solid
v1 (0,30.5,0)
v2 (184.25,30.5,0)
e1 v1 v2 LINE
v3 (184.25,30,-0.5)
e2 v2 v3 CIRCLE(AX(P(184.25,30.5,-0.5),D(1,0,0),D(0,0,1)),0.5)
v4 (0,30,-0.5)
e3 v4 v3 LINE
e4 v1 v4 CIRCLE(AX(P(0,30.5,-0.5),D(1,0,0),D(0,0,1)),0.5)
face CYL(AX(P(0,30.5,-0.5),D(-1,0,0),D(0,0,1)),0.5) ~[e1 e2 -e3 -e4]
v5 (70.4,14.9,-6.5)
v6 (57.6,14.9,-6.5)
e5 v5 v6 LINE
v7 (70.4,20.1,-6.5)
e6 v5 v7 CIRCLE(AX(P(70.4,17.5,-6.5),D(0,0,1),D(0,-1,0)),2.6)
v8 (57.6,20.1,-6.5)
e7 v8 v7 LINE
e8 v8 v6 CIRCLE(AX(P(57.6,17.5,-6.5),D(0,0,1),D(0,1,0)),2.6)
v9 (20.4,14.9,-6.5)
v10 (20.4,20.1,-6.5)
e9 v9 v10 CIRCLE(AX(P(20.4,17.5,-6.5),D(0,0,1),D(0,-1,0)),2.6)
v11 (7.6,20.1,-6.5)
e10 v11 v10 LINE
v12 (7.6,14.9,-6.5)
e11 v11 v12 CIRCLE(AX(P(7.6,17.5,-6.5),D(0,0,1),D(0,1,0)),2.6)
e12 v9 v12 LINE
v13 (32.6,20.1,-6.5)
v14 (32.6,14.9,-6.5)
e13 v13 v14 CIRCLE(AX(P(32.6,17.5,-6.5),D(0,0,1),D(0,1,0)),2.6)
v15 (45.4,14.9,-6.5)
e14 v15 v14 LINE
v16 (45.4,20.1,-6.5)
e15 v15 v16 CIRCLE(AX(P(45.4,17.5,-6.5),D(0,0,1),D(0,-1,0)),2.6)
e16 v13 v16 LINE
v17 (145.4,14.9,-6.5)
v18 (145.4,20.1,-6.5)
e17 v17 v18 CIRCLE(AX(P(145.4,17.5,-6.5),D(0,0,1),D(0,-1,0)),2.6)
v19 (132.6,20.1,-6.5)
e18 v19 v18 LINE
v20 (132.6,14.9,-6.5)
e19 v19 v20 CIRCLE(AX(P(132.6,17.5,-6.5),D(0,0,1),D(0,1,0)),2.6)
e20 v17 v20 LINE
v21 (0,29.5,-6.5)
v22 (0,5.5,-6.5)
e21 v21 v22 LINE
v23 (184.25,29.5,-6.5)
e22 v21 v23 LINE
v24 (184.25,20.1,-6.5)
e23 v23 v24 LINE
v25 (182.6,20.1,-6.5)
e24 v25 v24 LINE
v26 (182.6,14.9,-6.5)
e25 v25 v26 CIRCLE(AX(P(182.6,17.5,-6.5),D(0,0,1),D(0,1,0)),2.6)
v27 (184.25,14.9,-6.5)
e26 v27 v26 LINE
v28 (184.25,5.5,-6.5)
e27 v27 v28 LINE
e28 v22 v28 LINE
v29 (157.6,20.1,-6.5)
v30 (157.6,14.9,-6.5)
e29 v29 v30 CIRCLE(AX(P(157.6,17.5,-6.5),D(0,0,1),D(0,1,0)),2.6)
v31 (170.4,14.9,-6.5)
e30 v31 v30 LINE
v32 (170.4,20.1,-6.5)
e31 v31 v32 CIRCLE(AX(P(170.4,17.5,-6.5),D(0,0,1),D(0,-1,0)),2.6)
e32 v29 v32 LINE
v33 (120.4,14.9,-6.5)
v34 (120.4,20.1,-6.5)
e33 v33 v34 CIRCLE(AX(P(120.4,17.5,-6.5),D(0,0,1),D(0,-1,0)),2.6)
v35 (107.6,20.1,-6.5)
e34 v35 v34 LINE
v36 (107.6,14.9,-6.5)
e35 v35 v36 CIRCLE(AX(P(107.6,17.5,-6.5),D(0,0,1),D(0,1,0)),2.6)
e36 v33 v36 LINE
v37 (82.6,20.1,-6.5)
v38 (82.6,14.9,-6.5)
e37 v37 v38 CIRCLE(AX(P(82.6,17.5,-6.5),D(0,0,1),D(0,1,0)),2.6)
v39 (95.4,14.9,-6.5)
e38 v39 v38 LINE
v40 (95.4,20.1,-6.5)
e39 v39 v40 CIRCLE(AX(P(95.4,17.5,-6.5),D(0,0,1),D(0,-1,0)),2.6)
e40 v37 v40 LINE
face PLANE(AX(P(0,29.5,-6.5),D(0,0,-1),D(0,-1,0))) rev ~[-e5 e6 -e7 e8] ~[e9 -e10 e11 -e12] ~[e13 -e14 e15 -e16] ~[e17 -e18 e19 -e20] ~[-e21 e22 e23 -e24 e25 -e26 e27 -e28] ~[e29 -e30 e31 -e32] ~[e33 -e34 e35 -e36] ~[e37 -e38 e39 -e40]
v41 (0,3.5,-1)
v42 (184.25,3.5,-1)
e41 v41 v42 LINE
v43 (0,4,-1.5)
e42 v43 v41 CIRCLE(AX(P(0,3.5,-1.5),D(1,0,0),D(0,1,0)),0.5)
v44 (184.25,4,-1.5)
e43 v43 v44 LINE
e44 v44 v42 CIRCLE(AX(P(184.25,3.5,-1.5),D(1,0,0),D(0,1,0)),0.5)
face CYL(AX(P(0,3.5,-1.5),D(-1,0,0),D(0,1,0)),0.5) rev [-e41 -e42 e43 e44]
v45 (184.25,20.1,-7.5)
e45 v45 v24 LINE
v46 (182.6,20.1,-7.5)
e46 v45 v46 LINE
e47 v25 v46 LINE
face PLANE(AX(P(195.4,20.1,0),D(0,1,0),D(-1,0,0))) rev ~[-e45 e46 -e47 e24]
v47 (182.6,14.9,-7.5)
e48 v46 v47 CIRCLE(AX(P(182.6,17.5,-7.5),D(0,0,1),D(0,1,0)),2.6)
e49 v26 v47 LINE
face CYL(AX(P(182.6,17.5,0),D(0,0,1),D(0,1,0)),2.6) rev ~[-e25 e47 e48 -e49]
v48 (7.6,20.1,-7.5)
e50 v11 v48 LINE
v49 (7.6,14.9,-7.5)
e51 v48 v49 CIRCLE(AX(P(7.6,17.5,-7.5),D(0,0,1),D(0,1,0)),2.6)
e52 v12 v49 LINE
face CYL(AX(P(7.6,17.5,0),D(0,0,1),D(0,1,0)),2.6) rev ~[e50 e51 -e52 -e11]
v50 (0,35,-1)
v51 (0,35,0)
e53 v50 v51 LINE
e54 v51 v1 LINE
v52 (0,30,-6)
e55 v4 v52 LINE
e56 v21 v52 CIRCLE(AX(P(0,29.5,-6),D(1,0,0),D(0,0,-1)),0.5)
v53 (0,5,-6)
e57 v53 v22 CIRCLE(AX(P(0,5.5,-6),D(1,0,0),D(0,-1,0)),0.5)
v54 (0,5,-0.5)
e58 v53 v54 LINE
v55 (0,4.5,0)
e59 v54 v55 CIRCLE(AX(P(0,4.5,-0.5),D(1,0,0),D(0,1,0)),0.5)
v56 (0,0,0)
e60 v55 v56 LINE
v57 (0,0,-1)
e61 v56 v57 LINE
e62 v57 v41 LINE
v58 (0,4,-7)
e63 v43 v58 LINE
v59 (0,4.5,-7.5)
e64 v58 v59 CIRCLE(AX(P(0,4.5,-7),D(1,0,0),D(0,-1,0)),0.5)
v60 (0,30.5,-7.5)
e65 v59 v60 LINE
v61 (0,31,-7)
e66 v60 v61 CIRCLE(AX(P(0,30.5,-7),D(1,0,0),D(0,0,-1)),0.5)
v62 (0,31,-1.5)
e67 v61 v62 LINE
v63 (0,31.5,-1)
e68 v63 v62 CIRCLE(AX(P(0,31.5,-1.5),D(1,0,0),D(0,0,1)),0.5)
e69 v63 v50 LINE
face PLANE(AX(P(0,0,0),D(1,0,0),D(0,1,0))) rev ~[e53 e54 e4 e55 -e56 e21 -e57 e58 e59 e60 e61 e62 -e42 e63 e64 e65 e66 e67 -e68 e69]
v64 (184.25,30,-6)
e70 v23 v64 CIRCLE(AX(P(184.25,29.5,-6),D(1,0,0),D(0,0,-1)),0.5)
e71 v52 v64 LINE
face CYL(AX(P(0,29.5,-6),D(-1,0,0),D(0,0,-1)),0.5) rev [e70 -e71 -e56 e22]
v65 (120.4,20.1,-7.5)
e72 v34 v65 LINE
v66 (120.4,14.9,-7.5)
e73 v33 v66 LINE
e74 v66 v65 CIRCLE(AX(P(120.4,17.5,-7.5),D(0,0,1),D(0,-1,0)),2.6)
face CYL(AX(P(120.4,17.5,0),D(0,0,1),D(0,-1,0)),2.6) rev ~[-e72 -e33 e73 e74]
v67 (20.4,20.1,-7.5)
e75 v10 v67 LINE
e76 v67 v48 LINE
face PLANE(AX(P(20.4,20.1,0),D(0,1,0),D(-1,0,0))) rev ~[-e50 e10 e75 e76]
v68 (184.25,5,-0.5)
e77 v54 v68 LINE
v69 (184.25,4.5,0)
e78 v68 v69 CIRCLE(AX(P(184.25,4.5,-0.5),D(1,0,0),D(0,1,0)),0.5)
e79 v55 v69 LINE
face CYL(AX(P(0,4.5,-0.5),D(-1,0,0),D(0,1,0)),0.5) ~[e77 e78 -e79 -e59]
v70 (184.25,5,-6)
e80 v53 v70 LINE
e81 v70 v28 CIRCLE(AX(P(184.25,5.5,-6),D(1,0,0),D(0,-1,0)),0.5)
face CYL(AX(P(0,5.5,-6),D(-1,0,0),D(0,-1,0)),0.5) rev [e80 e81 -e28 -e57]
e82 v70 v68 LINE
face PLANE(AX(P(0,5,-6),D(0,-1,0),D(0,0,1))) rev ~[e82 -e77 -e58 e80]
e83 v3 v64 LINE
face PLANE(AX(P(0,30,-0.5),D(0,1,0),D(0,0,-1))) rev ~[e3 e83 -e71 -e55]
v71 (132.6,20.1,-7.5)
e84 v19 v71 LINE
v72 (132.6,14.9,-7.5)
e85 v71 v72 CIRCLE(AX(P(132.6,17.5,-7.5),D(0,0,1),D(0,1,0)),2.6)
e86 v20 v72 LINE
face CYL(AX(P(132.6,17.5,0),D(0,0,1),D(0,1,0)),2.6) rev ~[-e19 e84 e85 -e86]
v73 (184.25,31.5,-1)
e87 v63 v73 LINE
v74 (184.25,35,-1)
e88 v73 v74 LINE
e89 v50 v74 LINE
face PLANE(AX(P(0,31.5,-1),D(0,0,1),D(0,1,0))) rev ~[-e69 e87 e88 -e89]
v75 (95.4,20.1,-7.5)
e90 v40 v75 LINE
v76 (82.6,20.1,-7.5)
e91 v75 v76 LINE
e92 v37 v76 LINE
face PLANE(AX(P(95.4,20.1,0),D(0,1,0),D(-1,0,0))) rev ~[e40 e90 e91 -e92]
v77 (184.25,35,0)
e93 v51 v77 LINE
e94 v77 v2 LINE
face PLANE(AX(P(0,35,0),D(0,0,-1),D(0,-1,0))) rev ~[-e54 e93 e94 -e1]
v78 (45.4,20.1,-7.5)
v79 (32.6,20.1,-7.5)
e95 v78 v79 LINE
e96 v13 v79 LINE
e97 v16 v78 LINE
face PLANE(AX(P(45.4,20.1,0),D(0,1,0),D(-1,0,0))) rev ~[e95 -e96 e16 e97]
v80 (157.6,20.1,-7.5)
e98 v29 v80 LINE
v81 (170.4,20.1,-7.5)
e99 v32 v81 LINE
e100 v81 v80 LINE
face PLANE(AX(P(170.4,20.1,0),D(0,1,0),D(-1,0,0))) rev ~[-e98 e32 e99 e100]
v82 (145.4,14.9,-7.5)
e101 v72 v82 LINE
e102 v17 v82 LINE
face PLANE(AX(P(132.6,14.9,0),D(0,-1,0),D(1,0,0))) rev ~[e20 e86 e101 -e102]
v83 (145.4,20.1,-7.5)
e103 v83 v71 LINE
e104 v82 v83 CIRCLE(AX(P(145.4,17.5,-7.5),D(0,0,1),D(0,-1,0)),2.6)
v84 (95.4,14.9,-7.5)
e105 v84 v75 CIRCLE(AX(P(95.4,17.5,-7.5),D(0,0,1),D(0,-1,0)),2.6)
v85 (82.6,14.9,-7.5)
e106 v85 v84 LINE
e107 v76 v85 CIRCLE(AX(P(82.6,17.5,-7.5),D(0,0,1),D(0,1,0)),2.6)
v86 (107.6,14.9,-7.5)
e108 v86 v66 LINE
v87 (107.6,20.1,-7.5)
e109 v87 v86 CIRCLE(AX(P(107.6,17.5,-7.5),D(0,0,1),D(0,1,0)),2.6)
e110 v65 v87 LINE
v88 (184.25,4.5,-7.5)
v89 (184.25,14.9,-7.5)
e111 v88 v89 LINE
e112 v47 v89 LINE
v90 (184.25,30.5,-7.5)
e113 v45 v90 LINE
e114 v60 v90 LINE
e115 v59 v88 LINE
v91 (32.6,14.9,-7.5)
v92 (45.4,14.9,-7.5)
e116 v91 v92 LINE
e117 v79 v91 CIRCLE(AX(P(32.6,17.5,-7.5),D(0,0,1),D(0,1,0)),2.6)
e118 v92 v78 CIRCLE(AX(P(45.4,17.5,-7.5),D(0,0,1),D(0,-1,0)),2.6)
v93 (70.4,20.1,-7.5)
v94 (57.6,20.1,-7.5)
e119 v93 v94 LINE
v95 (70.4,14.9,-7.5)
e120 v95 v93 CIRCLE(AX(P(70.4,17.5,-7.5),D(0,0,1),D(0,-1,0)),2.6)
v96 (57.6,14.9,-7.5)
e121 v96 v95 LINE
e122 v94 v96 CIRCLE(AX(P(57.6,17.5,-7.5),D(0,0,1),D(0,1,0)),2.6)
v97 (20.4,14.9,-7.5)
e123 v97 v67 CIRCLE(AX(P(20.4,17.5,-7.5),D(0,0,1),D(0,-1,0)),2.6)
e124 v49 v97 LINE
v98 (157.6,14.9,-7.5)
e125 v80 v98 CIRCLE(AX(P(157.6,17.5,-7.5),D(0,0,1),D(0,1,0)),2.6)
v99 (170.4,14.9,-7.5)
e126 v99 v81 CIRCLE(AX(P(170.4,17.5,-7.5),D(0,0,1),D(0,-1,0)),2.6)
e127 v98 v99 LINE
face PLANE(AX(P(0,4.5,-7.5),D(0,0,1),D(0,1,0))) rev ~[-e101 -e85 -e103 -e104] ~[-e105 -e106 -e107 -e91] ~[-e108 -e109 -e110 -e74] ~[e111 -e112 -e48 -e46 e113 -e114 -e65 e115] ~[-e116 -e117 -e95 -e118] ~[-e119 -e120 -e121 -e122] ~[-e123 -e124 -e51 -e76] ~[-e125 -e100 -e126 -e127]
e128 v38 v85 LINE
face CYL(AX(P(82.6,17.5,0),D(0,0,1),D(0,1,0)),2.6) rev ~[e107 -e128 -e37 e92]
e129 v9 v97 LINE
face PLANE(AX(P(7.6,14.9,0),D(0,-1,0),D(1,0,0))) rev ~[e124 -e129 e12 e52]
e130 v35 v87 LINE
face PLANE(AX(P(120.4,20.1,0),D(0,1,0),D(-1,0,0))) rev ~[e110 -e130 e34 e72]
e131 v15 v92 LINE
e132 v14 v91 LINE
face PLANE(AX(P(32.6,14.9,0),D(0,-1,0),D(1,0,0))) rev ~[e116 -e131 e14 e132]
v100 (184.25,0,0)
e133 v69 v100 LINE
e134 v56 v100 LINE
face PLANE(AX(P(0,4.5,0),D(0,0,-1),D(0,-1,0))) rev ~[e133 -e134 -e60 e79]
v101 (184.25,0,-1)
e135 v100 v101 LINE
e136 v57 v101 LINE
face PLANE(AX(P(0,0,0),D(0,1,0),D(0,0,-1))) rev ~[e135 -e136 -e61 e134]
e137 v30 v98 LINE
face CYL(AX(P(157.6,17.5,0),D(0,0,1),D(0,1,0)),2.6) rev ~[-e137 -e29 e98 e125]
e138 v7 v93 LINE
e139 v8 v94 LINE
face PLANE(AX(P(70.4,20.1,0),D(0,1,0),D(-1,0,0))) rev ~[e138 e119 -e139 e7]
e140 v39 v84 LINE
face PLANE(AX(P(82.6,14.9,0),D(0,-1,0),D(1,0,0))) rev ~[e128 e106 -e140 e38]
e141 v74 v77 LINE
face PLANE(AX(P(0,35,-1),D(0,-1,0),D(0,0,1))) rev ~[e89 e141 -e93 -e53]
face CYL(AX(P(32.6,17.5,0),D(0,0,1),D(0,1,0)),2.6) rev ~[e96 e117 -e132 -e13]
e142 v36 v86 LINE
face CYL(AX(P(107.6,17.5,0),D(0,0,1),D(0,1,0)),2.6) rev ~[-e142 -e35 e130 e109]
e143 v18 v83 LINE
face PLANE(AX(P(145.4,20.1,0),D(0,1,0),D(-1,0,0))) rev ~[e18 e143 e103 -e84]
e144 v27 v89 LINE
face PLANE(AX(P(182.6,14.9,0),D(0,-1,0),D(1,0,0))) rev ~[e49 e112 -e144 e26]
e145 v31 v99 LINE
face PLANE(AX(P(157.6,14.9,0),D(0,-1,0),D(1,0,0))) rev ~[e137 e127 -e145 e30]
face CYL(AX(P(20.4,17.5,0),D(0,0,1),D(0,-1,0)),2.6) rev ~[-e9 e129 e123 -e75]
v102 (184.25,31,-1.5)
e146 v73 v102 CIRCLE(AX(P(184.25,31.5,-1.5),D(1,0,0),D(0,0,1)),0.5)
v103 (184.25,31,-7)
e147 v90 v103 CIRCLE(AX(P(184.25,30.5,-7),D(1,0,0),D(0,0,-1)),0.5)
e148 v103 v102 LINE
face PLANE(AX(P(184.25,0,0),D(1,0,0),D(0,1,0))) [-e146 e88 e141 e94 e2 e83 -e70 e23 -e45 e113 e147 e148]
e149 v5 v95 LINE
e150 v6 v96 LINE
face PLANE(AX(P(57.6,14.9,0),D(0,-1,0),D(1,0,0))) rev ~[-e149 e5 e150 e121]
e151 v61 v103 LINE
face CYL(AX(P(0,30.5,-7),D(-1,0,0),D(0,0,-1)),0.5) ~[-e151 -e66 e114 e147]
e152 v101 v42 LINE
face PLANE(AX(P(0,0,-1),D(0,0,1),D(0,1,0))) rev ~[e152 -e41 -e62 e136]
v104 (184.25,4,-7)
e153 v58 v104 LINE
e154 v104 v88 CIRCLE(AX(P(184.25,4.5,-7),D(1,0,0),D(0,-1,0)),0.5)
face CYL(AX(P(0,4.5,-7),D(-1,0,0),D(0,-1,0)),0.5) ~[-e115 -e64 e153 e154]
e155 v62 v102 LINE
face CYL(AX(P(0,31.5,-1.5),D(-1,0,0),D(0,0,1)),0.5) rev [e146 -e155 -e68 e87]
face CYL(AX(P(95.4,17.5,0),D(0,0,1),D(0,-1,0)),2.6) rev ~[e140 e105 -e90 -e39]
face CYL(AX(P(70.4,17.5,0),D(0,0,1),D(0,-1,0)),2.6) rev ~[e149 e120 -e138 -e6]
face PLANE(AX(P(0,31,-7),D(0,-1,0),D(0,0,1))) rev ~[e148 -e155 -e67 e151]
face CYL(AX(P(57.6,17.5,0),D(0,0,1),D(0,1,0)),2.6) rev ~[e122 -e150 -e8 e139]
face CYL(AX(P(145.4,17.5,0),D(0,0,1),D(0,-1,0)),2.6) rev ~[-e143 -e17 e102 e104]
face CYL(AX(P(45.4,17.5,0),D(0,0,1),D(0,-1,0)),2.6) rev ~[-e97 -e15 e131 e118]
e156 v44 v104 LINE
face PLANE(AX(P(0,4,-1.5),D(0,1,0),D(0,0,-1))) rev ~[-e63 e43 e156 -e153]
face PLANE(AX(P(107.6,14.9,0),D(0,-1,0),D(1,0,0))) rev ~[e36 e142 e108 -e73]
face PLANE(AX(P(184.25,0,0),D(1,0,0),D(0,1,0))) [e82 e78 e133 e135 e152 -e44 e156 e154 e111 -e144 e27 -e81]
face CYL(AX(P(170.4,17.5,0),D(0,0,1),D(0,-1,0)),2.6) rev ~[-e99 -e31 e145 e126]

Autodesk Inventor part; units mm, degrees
ref_plane "YZ Plane" through (0, 0, 0) normal (1, 0, 0) x (0, 1, 0)
ref_plane "XZ Plane" through (0, 0, 0) normal (0, 1, 0) x (-1, 0, 0)
ref_plane "XY Plane" through (0, 0, 0) normal (0, 0, 1) x (1, 0, 0)
sketch "Boceto principal" plane through (0, 0, 0) normal (1, 0, 0) x (0, 1, 0)
  line L0 (0, 0) -> (0, -1)
  line L1 (0, -1) -> (3.5, -1)
  line L2 (4, -1.5) -> (4, -7)
  line L3 (4.5, -7.5) -> (30.5, -7.5)
  line L4 (31, -7) -> (31, -1.5)
  line L5 (31.5, -1) -> (35, -1)
  line L6 (35, -1) -> (35, 0)
  line L7 (35, 0) -> (30.5, 0)
  line L8 (30, -0.5) -> (30, -6)
  line L9 (29.5, -6.5) -> (5.5, -6.5)
  line L10 (5, -6) -> (5, -0.5)
  line L11 (4.5, 0) -> (0, 0)
  arc A0 (4, -1.5) -> (3.5, -1) centre (3.5, -1.5) ccw
  arc A1 (4, -7) -> (4.5, -7.5) centre (4.5, -7) ccw
  arc A2 (30.5, -7.5) -> (31, -7) centre (30.5, -7) ccw
  arc A3 (31.5, -1) -> (31, -1.5) centre (31.5, -1.5) ccw
  arc A4 (30.5, 0) -> (30, -0.5) centre (30.5, -0.5) ccw
  arc A5 (29.5, -6.5) -> (30, -6) centre (29.5, -6) ccw
  arc A6 (5, -6) -> (5.5, -6.5) centre (5.5, -6) ccw
  arc A7 (5, -0.5) -> (4.5, 0) centre (4.5, -0.5) ccw
extrude "Extrusion1" add sketch "Boceto principal" along normal blind 184.25
sketch "Boceto agujeros" plane through (0, 0, 0) normal (0, 0, 1) x (1, 0, 0)
  line L0 (7.6, 14.9) -> (20.4, 14.9)
  line L1 (20.4, 20.1) -> (7.6, 20.1)
  arc A0 (7.6, 20.1) -> (7.6, 14.9) centre (7.6, 17.5) ccw
  arc A1 (20.4, 14.9) -> (20.4, 20.1) centre (20.4, 17.5) ccw
extrude "Extrusion2" cut sketch "Boceto agujeros" against normal blind 15
pattern_linear "Rectangular Pattern1" count 8 spacing 25 along (1, 0, 0) of "Extrusion2"
properties part number "Riel120mm"
